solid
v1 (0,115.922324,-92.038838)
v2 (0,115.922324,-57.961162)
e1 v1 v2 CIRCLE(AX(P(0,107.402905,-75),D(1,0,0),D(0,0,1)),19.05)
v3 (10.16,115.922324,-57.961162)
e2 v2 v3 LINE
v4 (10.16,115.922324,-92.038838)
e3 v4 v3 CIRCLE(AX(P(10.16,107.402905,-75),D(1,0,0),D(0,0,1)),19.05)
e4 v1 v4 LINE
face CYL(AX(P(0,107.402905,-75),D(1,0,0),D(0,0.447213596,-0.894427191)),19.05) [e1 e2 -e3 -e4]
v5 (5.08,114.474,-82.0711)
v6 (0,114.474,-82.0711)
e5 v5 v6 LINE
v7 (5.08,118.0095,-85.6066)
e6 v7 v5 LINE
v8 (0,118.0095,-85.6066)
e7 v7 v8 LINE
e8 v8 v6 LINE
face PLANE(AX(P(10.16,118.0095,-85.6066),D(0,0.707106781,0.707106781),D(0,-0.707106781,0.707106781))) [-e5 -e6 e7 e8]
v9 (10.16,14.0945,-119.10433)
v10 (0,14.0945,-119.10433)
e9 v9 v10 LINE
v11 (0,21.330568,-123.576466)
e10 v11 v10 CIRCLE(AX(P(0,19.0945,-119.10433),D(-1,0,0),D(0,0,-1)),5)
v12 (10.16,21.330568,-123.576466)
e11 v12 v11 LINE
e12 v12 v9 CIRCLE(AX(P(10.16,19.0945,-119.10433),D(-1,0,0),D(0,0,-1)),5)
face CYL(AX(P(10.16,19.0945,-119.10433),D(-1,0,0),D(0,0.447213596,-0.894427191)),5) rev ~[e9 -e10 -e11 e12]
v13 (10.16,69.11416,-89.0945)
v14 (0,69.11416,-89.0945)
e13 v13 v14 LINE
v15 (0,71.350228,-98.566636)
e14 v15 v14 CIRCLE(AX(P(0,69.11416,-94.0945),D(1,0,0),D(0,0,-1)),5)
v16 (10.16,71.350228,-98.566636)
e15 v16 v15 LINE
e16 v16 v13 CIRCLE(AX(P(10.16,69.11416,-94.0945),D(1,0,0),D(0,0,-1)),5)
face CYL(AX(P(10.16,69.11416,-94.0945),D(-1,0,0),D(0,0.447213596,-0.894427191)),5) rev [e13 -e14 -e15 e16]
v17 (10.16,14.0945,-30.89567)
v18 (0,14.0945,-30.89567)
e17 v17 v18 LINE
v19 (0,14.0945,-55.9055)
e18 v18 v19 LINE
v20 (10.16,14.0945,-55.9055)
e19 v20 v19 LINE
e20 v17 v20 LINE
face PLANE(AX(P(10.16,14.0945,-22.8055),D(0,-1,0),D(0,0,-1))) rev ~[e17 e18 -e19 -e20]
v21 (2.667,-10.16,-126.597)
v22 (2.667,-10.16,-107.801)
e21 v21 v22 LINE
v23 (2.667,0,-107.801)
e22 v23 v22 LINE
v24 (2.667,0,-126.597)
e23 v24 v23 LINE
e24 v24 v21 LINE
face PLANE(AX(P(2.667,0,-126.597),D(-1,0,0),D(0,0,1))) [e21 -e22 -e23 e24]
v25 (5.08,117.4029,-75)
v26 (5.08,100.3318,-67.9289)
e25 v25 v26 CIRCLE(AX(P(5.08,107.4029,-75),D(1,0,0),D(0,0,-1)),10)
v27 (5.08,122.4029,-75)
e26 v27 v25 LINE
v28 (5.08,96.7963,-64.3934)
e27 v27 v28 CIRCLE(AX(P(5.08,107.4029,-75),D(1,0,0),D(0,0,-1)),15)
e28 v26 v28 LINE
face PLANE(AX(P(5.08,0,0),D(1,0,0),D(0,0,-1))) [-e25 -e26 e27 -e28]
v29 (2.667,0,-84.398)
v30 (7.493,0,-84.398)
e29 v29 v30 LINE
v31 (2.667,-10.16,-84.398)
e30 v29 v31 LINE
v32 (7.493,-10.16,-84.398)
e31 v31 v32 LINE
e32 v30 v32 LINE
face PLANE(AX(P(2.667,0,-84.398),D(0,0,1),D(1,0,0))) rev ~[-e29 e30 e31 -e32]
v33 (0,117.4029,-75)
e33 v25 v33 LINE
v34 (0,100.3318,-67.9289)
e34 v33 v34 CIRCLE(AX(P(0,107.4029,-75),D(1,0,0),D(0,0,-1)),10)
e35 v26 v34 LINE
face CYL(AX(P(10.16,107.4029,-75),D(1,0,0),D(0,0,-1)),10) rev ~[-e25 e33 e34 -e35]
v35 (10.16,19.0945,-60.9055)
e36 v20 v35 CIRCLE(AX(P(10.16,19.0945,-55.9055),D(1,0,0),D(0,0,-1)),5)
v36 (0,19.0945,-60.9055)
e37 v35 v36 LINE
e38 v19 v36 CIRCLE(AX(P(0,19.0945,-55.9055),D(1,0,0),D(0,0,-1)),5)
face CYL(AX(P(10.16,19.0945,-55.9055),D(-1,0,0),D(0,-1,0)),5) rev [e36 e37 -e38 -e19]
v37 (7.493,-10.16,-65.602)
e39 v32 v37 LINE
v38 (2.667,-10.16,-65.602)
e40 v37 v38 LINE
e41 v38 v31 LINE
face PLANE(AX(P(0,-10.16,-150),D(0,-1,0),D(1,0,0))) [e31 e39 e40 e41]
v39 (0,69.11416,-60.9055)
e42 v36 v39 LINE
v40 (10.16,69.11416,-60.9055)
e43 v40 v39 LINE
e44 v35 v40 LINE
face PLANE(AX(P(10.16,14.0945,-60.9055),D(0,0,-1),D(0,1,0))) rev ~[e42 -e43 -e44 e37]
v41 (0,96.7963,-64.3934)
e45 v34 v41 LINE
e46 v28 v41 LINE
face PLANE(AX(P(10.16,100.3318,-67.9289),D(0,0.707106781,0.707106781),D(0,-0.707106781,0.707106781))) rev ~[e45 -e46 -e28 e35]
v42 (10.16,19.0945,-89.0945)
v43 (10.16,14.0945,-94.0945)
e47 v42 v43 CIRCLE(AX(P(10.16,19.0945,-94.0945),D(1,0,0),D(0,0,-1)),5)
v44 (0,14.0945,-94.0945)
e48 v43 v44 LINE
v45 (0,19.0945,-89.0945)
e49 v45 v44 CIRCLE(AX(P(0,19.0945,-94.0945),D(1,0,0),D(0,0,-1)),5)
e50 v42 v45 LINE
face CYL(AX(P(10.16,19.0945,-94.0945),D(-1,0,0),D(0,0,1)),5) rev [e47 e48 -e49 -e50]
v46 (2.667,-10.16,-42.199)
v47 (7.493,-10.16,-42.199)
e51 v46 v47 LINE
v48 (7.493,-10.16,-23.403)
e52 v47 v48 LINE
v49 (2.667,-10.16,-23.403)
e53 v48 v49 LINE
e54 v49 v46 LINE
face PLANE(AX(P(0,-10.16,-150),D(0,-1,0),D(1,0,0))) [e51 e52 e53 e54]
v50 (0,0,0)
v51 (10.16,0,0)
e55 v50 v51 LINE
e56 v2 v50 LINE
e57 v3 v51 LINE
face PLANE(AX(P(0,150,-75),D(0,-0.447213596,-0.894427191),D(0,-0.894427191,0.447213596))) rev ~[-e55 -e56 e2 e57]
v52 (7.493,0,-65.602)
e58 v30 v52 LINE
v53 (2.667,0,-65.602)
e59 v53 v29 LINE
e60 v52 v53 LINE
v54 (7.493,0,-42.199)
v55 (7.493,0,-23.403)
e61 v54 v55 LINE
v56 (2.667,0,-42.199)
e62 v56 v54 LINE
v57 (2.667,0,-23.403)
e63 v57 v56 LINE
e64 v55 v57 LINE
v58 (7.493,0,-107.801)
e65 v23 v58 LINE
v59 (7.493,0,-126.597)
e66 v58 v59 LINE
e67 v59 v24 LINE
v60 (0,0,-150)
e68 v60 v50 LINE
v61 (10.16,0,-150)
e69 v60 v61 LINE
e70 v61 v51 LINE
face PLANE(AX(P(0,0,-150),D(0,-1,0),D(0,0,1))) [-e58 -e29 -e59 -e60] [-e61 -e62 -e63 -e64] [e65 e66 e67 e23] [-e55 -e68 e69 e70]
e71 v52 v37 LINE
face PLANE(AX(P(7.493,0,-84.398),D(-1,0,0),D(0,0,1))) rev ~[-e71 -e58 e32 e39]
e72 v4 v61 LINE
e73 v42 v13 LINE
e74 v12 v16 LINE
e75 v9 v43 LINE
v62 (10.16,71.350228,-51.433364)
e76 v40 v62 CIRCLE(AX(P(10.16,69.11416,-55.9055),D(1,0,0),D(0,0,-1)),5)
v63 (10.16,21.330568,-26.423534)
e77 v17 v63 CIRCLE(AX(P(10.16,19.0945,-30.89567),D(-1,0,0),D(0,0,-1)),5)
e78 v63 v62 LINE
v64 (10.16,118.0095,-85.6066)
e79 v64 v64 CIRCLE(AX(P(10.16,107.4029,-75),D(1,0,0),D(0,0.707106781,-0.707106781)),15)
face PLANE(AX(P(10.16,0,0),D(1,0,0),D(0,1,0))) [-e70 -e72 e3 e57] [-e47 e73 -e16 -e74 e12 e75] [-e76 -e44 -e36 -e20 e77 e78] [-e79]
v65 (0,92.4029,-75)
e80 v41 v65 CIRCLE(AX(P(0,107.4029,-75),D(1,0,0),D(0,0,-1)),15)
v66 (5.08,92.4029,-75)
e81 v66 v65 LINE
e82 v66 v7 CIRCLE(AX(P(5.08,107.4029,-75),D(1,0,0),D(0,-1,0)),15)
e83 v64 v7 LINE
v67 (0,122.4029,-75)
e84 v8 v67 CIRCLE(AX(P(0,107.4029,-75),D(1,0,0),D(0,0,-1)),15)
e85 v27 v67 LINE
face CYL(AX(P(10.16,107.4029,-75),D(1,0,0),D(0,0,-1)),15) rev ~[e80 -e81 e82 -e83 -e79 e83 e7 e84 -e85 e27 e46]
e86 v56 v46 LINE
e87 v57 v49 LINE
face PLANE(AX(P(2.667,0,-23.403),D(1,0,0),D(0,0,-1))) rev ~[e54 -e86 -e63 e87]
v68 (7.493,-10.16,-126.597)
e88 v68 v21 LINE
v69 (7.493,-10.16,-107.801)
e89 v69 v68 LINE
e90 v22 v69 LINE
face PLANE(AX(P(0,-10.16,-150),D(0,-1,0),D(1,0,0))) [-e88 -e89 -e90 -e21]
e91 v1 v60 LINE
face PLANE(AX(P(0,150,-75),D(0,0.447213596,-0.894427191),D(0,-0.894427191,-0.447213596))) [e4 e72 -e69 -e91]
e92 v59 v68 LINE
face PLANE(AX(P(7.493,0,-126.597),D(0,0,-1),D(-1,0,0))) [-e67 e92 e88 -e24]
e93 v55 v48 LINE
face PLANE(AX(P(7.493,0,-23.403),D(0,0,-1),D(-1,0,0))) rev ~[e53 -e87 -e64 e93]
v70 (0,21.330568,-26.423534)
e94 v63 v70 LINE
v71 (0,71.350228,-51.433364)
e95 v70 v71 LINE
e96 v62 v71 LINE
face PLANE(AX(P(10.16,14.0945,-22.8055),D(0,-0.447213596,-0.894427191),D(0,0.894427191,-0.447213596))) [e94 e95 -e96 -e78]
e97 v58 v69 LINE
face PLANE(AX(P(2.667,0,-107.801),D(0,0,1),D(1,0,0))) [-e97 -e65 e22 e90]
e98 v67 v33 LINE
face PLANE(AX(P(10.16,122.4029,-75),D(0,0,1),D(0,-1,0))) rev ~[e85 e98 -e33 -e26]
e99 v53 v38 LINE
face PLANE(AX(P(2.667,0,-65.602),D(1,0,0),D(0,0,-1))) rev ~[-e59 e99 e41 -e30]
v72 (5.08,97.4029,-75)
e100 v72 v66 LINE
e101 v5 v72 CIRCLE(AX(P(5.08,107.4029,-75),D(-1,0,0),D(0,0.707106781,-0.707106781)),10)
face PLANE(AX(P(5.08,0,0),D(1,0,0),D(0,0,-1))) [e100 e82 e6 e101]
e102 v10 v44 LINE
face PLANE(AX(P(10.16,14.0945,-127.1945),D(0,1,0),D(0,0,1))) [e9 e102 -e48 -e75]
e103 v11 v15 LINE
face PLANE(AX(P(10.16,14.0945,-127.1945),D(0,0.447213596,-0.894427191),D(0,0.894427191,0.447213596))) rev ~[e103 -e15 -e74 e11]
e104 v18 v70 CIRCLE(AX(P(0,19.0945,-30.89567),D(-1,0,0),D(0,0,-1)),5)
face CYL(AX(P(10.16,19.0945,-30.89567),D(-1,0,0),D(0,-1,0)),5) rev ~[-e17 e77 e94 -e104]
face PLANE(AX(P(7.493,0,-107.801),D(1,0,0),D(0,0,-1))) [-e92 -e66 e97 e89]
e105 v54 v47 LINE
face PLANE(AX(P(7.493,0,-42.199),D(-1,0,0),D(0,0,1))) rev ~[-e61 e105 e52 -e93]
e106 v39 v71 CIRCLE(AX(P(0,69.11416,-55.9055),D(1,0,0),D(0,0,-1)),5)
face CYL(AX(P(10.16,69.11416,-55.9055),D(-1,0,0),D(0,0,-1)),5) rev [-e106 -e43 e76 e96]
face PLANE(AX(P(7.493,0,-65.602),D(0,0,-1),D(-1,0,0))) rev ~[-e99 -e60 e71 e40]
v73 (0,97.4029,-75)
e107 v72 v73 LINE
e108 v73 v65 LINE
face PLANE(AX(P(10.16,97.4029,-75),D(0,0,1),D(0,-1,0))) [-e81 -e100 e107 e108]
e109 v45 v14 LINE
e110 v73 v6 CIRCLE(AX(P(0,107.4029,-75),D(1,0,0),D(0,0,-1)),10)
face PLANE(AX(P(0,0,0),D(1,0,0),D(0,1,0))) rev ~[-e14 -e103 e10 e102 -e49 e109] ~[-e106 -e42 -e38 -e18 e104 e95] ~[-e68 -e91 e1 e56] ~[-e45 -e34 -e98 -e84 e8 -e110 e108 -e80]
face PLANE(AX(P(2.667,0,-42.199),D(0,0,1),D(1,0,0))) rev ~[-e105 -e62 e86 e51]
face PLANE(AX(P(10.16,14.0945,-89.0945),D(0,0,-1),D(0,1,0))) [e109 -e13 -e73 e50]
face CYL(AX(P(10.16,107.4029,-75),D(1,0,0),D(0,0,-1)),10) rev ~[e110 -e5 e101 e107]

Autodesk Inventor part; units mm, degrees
ref_plane "YZ Plane" through (0, 0, 0) normal (1, 0, 0) x (0, 1, 0)
ref_plane "XZ Plane" through (0, 0, 0) normal (0, 1, 0) x (-1, 0, 0)
ref_plane "XY Plane" through (0, 0, 0) normal (0, 0, 1) x (1, 0, 0)
sketch "Sketch1" plane through (0, 0, 0) normal (1, 0, 0) x (0, 1, 0)
  line L0 (150, -75) -> (0, 0)
  line L1 (150, -75) -> (0, -150)
  line L2 (0, -150) -> (0, 0)
  dimension "d0" = 150
  dimension "d1" = 75
extrude "Extrusion1" add sketch "Sketch1" along normal blind 10.16
sketch "Sketch2" plane through (10.16, 0, 0) normal (1, 0, 0) x (0, 0, -1)
  point P0 (0, 0)
fillet "Fillet1" radius 19.05 1 edges at (5.08, 150, -75)
sketch "Sketch3" plane through (10.16, 0, 0) normal (1, 0, 0) x (0, 0, -1)
  arc A0 (92.0388, 115.9223) -> (57.9612, 115.9223) centre (75, 107.4029) ccw projected
  circle A1 centre (75, 107.4029) radius 15
  circle A2 centre (75, 107.4029) radius 10
  line L0 (75, 122.4029) -> (75, 117.4029)
  line L1 (75, 97.4029) -> (75, 92.4029)
  line L2 (85.6066, 118.0095) -> (82.0711, 114.474)
  line L3 (67.9289, 100.3318) -> (64.3934, 96.7963)
  point P0 (0, 0)
  dimension "d5" = 30
  dimension "d34" = 20
  dimension "d35" = 45
  dimension "d36" = 45
sketch "Sketch4" plane through (10.16, 0, 0) normal (1, 0, 0) x (0, 0, -1)
  line L0 (22.8055, 14.0945) -> (60.9055, 90.2945)
  line L1 (57.9612, 115.9223) -> (0, 0) projected
  line L2 (22.8055, 14.0945) -> (60.9055, 14.0945)
  line L3 (60.9055, 14.0945) -> (60.9055, 90.2945)
  line L4 (0, 0) -> (150, 0) construction
  line L5 (0, 0) -> (150, 0) construction
  arc A0 (92.0388, 115.9223) -> (57.9612, 115.9223) centre (75, 107.4029) ccw construction
  line L6 (75, 126.4529) -> (75, 0) construction
  line L7 (127.1945, 14.0945) -> (89.0945, 90.2945)
  line L8 (127.1945, 14.0945) -> (89.0945, 14.0945)
  line L9 (89.0945, 14.0945) -> (89.0945, 90.2945)
  dimension "d8" = 76.2
  dimension "d11" = 14.0945
  dimension "d12" = 14.0945
  dimension "d13" = 14.0945
extrude "Extrusion3" cut sketch "Sketch4" against normal through all
fillet "Fillet2" radius 5 1 edges at (5.08, 14.0945, -127.1945)
fillet "Fillet3" radius 5 2 edges at (5.08, 14.0945, -89.0945) (5.08, 90.2945, -89.0945)
fillet "Fillet4" radius 5 3 edges at (5.08, 14.0945, -60.9055) (5.08, 90.2945, -60.9055) (5.08, 14.0945, -22.8055)
sketch "Sketch6" plane through (0, 0, -150) normal (0, -1, 0) x (1, 0, 0)
  line L0 (10.16, 150) -> (10.16, 0) construction
  line L1 (10.16, 75) -> (0, 75) construction
  line L2 (0, 65) -> (0, 85) construction
  line L3 (7.493, 126.597) -> (2.667, 126.597)
  line L4 (2.667, 126.597) -> (2.667, 107.801)
  line L5 (2.667, 107.801) -> (7.493, 107.801)
  line L6 (7.493, 107.801) -> (7.493, 126.597)
  line L7 (0, 150) -> (0, 0) projected
  line L8 (0, 150) -> (10.16, 150) projected
  line L9 (7.493, 84.398) -> (2.667, 84.398)
  line L10 (2.667, 84.398) -> (2.667, 65.602)
  line L11 (2.667, 65.602) -> (7.493, 65.602)
  line L12 (7.493, 65.602) -> (7.493, 84.398)
  line L13 (7.493, 23.403) -> (2.667, 23.403)
  line L14 (2.667, 23.403) -> (2.667, 42.199)
  line L15 (2.667, 42.199) -> (7.493, 42.199)
  line L16 (7.493, 42.199) -> (7.493, 23.403)
  dimension "d22" = 4.826
  dimension "d23" = 2.667
  dimension "d24" = 2.667
  dimension "d25" = 18.796
  dimension "d26" = 23.403
  dimension "d27" = 18.796
  dimension "d29" = 4.826
  dimension "d30" = 2.667
  dimension "d31" = 2.667
  dimension "d41" = 23.403
extrude "Extrusion5" add sketch "Sketch6" along normal blind 10.16
extrude "Extrusion6" cut sketch "Sketch3" against normal through all contours L2 A2 L0 A1 | A1 L3 A2 L1 | A2
extrude "Extrusion7" cut sketch "Sketch3" against normal blind 5.08 contours A1 L1 A2 L2 | L0 A2 L3 A1
equation "\"d11\" = d13"
equation "\"d12\" = d11"
equation "\"d23\" = d24"
equation "\"d26\" = d41"
equation "\"d27\" = d25"
equation "\"d29\" = d22"
equation "\"d30\" = d23"
properties part number "spool holder arm" material "PLA"
